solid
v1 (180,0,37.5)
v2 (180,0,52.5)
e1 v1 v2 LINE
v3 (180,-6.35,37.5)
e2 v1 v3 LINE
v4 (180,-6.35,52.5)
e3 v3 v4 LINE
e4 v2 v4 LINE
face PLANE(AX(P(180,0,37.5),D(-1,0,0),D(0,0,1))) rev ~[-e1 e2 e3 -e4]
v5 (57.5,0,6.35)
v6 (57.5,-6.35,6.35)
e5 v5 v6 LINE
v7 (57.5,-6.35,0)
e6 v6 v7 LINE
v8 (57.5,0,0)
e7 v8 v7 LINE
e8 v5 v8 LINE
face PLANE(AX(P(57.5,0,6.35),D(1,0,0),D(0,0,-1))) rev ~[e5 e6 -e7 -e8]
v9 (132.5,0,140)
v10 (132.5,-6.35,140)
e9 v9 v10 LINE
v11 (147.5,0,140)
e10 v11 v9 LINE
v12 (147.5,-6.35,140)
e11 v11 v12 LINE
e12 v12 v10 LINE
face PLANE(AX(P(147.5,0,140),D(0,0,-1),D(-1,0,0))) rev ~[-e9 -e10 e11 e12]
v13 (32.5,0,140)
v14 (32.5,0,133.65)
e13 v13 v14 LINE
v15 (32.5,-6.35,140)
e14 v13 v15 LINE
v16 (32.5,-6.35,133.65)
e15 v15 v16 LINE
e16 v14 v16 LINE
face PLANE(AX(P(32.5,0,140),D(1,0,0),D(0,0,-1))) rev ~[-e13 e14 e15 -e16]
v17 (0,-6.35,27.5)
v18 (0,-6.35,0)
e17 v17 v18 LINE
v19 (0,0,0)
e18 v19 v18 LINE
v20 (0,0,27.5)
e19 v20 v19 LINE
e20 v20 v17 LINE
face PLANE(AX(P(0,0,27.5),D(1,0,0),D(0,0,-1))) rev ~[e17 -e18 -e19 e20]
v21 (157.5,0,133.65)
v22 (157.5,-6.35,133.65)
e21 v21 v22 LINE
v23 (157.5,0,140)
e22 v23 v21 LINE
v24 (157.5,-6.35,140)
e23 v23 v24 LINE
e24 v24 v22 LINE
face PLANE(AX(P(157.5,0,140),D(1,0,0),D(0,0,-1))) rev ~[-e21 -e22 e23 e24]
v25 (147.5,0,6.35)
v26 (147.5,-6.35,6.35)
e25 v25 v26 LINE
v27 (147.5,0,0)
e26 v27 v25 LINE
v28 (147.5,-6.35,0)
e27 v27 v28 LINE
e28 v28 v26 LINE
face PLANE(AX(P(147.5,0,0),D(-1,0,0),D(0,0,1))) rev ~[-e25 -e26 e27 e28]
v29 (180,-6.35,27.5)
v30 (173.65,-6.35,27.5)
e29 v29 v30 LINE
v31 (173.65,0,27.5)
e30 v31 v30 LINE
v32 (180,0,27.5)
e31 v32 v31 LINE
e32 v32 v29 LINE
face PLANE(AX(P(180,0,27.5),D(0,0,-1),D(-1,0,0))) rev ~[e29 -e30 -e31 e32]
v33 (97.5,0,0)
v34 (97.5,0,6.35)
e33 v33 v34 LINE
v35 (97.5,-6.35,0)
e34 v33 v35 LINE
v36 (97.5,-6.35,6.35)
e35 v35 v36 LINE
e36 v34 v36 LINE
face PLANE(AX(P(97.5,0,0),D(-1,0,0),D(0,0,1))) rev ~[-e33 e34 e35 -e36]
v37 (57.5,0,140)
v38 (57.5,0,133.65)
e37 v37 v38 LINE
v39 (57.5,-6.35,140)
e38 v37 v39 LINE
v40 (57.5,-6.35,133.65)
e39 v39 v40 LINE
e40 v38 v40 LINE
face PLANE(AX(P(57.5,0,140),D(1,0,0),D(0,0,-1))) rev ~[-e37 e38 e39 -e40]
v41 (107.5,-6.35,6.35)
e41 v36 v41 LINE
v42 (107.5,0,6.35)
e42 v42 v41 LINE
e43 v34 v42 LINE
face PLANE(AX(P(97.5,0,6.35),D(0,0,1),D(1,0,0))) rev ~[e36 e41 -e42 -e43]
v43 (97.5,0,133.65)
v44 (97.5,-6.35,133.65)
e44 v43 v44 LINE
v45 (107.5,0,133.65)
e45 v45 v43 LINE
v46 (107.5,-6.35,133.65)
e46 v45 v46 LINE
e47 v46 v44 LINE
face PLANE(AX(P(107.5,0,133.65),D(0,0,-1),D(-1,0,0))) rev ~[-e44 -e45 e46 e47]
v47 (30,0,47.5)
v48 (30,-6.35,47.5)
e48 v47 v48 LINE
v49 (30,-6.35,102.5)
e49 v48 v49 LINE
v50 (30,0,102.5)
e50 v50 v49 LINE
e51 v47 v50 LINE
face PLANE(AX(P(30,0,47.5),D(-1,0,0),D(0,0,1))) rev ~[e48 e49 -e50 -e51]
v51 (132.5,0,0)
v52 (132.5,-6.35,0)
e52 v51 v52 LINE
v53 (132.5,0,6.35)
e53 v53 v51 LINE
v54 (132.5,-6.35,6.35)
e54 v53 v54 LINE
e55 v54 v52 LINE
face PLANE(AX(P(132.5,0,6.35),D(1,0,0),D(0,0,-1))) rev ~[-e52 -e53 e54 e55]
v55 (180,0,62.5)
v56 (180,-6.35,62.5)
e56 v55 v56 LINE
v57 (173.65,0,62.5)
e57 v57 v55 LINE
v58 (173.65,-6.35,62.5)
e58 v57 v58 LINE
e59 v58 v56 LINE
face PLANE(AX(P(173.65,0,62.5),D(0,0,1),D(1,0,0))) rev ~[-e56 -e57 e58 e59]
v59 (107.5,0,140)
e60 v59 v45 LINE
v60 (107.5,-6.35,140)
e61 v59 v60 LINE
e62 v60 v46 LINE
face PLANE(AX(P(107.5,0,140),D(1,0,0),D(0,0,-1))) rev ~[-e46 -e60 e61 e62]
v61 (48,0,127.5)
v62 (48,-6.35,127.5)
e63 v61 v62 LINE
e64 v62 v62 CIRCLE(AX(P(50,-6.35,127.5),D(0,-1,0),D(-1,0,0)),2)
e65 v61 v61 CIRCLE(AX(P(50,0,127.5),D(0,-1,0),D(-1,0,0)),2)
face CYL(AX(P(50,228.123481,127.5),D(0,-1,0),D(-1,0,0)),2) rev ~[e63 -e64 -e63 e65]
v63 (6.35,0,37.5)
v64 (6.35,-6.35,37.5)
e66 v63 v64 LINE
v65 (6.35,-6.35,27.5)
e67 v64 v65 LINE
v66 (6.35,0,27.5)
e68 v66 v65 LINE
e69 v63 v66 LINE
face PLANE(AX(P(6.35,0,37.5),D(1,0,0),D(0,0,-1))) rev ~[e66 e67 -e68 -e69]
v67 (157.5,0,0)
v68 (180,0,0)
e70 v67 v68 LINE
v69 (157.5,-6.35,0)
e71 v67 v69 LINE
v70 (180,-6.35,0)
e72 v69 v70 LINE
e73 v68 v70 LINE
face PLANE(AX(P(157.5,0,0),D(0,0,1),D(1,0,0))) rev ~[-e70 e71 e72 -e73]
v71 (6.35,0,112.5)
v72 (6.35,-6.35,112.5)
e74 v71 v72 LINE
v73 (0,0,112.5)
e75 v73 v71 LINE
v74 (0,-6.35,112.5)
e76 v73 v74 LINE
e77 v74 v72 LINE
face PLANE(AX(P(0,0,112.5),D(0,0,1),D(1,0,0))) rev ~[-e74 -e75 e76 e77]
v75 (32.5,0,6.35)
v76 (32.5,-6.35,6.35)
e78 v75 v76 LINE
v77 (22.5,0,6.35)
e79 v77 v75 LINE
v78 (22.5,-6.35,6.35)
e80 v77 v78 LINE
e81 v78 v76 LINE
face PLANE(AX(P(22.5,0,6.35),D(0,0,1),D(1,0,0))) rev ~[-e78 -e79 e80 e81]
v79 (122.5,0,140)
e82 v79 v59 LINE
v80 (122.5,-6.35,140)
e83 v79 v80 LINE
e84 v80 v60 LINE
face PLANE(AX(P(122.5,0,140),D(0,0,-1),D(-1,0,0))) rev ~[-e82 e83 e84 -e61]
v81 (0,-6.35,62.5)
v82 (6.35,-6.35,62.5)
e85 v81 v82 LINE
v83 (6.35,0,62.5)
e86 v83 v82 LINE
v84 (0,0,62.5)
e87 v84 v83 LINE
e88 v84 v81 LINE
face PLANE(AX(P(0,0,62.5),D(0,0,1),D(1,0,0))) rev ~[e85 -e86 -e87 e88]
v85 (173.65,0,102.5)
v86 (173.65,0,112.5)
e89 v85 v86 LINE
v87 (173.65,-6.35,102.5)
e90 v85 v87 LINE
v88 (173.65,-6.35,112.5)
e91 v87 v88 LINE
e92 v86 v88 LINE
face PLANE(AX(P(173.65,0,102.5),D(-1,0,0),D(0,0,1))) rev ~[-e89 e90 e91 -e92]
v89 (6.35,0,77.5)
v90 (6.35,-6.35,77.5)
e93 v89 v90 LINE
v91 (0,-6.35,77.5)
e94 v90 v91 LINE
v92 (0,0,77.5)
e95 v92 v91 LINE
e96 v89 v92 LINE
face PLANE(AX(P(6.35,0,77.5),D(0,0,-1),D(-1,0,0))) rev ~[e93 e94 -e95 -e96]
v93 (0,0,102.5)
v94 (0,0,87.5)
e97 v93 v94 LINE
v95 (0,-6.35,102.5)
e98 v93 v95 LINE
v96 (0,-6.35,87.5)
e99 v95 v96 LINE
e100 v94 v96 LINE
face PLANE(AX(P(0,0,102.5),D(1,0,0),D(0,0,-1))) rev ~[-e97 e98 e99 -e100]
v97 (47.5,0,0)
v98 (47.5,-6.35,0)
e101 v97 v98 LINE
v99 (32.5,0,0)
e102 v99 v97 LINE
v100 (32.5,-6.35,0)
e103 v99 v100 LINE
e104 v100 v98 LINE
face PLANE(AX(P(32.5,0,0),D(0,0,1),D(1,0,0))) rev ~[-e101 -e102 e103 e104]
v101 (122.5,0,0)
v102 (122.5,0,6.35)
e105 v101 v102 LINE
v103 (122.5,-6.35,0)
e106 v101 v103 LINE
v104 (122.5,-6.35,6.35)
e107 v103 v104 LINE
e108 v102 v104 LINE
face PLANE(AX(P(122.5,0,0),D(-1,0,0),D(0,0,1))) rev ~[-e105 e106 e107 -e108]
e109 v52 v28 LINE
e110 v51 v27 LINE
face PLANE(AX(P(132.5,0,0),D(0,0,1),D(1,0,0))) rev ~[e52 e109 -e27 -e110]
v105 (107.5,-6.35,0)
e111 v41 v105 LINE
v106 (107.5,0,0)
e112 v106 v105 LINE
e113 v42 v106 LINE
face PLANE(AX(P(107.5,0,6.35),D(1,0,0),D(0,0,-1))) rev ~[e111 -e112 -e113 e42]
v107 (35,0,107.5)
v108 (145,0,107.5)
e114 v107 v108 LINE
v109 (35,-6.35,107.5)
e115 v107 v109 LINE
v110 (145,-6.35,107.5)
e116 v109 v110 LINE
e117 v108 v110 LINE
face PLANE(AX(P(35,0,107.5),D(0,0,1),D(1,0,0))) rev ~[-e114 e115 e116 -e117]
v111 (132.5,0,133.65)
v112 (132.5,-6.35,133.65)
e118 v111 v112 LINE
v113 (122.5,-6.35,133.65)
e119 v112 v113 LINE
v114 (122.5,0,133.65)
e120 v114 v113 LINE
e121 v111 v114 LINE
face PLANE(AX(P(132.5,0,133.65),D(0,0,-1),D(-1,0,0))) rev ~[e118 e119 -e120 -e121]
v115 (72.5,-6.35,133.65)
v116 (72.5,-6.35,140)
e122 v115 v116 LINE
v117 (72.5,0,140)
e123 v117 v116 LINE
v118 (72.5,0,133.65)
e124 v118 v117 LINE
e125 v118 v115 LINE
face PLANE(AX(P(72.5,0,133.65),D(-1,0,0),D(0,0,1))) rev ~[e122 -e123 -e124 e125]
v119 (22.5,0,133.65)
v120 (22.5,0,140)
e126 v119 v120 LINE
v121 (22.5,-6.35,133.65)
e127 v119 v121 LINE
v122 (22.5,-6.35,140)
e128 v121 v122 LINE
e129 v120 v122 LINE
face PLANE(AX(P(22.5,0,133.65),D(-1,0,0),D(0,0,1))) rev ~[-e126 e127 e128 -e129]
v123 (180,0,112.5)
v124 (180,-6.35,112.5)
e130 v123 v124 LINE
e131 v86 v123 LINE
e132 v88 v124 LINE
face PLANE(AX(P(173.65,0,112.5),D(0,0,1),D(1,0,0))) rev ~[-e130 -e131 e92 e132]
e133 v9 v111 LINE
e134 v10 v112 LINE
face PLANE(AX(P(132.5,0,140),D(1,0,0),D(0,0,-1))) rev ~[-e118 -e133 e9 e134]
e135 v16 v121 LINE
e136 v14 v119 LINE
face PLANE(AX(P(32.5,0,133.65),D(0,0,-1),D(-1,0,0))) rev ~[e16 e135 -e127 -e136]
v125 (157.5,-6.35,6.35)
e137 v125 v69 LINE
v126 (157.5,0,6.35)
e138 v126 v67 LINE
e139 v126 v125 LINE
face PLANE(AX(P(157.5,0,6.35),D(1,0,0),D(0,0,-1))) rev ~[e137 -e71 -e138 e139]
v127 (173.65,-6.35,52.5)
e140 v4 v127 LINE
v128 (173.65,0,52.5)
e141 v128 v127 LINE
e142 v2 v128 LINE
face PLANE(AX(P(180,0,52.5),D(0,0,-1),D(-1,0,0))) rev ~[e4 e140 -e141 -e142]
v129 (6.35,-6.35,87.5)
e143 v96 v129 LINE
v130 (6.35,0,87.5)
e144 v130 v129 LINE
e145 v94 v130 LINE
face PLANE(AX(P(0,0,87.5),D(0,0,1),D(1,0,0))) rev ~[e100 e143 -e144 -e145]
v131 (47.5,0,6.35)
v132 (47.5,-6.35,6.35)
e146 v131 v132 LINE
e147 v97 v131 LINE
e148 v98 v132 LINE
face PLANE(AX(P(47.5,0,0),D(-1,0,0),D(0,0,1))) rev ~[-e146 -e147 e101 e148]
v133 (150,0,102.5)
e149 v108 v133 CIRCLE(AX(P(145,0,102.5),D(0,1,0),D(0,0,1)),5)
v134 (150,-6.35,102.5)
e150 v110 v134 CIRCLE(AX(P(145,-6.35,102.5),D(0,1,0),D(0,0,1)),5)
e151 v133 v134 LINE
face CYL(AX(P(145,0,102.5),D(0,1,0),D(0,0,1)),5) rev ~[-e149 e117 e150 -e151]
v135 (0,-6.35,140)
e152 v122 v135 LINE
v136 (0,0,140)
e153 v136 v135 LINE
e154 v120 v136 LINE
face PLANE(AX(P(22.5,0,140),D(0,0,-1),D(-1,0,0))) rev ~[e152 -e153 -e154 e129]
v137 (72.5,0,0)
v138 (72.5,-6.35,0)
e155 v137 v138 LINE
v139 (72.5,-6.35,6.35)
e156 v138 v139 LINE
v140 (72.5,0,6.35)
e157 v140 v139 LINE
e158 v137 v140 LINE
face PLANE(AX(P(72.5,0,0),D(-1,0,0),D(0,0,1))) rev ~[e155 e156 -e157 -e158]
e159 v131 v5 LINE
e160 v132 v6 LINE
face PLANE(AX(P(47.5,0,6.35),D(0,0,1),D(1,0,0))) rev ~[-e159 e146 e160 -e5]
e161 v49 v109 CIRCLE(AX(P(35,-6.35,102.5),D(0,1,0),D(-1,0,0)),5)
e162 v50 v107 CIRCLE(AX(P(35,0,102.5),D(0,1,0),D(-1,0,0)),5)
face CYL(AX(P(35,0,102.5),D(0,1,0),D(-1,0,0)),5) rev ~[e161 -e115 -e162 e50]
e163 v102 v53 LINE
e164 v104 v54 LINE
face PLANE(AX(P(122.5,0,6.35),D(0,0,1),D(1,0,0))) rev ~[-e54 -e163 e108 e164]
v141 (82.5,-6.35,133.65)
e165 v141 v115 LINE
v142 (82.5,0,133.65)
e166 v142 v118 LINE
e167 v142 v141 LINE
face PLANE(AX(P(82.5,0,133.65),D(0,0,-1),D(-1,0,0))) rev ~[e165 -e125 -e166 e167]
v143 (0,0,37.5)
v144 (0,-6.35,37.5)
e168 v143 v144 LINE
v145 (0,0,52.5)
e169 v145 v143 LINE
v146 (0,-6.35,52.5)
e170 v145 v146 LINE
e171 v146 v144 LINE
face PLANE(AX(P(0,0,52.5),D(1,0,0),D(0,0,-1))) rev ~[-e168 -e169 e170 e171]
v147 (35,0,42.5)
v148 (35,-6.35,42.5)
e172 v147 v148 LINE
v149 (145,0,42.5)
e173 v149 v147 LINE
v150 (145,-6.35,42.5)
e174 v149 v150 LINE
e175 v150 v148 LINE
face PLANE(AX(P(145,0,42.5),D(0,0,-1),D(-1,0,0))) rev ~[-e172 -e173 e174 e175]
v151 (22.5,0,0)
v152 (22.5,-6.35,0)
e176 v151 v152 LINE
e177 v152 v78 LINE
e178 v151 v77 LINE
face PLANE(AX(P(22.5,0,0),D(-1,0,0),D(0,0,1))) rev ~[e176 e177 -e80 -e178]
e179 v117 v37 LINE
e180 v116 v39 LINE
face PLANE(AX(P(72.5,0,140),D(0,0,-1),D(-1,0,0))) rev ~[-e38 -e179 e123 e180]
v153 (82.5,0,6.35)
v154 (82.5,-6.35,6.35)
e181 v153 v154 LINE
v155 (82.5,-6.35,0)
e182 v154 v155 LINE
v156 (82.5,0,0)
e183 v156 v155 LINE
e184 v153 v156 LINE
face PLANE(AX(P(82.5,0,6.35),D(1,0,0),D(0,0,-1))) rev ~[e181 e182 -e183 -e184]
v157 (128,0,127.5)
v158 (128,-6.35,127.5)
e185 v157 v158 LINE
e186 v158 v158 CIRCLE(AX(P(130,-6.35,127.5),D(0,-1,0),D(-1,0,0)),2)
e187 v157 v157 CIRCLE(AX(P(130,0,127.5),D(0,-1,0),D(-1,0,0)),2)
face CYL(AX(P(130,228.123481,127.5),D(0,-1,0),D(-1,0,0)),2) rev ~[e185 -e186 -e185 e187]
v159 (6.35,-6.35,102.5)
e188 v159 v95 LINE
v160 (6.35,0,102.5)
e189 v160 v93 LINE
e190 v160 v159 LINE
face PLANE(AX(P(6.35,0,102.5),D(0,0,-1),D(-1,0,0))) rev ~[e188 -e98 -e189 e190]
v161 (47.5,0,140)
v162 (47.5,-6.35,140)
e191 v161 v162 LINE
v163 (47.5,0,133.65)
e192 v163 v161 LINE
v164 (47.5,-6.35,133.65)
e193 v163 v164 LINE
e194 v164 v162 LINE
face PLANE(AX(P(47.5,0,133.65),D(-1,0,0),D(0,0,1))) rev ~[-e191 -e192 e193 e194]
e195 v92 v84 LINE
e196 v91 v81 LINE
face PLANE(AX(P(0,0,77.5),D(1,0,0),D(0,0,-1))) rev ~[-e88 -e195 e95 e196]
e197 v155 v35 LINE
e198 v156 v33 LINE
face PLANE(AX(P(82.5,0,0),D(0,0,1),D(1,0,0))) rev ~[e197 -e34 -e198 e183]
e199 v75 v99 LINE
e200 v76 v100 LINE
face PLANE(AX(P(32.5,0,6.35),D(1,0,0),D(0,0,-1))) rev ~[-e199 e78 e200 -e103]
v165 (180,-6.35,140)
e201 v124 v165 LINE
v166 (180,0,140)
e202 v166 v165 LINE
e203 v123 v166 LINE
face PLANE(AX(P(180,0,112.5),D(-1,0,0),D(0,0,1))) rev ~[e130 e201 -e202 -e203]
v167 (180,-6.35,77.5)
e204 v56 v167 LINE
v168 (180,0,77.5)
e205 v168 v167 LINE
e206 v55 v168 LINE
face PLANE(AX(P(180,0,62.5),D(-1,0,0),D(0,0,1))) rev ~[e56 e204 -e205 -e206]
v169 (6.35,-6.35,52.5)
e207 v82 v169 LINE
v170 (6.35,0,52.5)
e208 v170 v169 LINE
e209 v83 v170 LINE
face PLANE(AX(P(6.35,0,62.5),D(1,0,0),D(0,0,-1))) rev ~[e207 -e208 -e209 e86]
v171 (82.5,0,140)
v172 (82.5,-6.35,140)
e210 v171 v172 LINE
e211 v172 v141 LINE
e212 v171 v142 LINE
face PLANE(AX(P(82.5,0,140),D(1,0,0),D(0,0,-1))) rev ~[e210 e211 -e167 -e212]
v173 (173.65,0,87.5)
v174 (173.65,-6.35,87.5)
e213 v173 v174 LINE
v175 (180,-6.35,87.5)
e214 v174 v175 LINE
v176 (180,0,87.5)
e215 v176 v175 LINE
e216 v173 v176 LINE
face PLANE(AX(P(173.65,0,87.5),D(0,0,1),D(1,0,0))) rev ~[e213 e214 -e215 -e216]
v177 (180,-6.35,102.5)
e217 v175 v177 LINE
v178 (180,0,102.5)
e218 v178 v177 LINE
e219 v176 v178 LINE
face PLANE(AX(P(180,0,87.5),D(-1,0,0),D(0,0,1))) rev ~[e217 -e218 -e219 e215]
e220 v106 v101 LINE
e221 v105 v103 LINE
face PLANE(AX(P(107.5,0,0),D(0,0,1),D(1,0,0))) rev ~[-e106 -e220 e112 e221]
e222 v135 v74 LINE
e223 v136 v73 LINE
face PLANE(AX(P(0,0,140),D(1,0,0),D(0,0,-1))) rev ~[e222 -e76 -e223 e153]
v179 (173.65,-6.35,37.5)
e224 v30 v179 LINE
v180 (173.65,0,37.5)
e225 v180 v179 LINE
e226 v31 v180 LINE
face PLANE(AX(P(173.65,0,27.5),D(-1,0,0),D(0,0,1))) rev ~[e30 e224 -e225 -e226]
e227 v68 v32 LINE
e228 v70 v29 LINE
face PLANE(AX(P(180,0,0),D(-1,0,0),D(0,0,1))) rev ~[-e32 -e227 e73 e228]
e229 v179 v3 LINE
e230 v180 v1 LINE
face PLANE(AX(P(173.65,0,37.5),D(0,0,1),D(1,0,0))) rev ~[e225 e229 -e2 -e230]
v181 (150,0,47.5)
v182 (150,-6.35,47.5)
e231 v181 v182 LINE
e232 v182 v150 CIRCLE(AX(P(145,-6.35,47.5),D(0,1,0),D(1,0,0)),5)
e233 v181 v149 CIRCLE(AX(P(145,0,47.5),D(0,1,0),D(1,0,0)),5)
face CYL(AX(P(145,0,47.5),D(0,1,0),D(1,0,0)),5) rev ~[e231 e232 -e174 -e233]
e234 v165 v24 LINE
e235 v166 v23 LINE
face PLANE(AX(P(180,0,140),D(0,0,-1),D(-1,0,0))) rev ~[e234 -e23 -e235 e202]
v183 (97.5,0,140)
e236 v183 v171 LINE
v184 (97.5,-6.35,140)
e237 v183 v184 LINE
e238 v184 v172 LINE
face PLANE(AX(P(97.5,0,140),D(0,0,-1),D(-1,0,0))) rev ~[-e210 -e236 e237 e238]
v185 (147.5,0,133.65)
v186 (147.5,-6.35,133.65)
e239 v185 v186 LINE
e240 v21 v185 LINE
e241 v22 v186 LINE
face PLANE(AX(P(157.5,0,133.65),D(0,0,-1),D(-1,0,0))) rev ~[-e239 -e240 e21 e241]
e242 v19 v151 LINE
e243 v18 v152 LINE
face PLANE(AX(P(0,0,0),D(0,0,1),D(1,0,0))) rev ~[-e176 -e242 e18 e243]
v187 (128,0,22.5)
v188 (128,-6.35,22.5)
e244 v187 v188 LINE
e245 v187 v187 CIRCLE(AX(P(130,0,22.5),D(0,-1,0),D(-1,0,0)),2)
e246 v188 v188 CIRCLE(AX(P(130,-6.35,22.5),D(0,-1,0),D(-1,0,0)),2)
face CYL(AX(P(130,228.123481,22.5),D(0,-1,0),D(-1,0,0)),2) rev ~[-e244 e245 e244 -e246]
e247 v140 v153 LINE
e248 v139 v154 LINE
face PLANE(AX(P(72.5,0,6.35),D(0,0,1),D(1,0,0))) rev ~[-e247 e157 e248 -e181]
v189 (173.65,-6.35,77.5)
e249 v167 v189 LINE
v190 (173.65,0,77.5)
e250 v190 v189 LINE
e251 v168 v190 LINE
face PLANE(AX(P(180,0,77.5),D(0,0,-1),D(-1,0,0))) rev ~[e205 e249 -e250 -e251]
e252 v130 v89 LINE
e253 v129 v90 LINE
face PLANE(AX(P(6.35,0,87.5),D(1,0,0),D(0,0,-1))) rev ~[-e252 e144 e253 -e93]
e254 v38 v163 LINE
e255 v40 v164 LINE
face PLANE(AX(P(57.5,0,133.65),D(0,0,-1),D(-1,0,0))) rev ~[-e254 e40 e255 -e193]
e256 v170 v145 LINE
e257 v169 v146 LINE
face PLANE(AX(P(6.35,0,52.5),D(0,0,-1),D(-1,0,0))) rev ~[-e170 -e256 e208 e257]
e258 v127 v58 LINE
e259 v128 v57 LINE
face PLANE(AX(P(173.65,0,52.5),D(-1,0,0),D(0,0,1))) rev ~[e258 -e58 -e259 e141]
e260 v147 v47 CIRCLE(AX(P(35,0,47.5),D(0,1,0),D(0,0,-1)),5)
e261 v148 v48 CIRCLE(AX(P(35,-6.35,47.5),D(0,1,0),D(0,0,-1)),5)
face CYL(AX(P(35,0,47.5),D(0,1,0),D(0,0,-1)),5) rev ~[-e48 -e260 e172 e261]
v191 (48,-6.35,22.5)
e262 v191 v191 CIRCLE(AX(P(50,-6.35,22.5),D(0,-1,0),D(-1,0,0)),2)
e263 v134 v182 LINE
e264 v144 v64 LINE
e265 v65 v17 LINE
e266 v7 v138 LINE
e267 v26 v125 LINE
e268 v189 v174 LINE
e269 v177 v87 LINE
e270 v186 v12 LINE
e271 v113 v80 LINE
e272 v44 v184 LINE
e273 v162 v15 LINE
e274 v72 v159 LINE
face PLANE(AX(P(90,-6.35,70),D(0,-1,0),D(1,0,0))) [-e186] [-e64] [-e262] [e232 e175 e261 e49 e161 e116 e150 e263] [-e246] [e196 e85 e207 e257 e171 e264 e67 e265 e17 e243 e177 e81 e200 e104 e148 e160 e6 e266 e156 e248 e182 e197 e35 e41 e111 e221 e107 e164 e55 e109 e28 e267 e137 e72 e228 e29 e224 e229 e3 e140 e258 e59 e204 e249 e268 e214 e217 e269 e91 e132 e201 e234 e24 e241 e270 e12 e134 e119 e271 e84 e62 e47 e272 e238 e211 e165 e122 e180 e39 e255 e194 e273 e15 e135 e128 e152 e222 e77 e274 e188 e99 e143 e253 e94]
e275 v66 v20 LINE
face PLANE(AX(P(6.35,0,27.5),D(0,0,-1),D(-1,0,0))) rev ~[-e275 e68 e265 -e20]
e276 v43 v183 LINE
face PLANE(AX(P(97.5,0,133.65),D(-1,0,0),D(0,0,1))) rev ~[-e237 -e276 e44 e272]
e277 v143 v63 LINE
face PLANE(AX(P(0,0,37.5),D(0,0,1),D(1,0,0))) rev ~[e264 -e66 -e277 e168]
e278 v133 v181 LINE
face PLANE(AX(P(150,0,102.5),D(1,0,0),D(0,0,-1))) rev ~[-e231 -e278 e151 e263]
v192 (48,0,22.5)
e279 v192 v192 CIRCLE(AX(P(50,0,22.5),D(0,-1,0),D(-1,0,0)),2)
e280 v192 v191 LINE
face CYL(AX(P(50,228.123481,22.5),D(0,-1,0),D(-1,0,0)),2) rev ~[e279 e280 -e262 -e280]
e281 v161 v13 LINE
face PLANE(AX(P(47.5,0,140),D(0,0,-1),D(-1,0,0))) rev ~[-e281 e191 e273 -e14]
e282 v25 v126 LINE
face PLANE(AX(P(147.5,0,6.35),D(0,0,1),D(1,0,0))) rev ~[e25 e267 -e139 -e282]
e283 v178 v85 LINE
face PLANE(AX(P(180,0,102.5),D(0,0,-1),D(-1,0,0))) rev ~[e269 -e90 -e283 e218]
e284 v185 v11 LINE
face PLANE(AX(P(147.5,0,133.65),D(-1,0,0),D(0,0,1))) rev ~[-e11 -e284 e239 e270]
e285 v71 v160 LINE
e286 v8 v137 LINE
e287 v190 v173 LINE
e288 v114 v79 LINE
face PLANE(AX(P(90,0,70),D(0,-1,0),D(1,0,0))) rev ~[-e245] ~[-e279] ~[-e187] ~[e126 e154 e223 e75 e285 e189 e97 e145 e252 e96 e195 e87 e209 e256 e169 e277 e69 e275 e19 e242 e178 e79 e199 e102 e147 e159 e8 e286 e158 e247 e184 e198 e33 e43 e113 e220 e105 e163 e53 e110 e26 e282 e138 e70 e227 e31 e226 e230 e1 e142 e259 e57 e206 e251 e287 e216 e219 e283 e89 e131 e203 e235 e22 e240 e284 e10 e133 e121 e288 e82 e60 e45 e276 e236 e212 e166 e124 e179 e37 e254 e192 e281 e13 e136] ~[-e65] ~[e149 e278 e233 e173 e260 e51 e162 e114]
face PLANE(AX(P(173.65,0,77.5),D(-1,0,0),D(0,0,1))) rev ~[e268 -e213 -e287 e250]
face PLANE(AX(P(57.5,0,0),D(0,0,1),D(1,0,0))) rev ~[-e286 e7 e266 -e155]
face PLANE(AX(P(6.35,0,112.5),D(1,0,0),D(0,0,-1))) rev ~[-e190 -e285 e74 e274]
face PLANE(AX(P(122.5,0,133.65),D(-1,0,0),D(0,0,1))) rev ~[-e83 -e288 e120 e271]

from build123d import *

# Parameters (mm, degrees)
F0_R     = 1.5
F1_DEPTH = 6.35
F2_D     = 4


with BuildPart() as f1:
    # F0 (on Front) → F1 (new body)
    with BuildSketch(Plane.XZ):
        Polygon((180, 112.5), (180, 140), (157.5, 140), (157.5, 133.65), (147.5, 133.65), (147.5, 140), (132.5, 140), (132.5, 133.65), (122.5, 133.65), (122.5, 140), (107.5, 140), (107.5, 133.65), (97.5, 133.65), (97.5, 140), (82.5, 140), (82.5, 133.65), (72.5, 133.65), (72.5, 140), (57.5, 140), (57.5, 133.65), (47.5, 133.65), (47.5, 140), (32.5, 140), (32.5, 133.65), (22.5, 133.65), (22.5, 140), (0, 140), (0, 112.5), (6.35, 112.5), (6.35, 102.5), (0, 102.5), (0, 87.5), (6.35, 87.5), (6.35, 77.5), (0, 77.5), (0, 62.5), (6.35, 62.5), (6.35, 52.5), (0, 52.5), (0, 37.5), (6.35, 37.5), (6.35, 27.5), (0, 27.5), (0, 0), (22.5, 0), (22.5, 6.35), (32.5, 6.35), (32.5, 0), (47.5, 0), (47.5, 6.35), (57.5, 6.35), (57.5, 0), (72.5, 0), (72.5, 6.35), (82.5, 6.35), (82.5, 0), (97.5, 0), (97.5, 6.35), (107.5, 6.35), (107.5, 0), (122.5, 0), (122.5, 6.35), (132.5, 6.35), (132.5, 0), (147.5, 0), (147.5, 6.35), (157.5, 6.35), (157.5, 0), (180, 0), (180, 27.5), (173.65, 27.5), (173.65, 37.5), (180, 37.5), (180, 52.5), (173.65, 52.5), (173.65, 62.5), (180, 62.5), (180, 77.5), (173.65, 77.5), (173.65, 87.5), (180, 87.5), (180, 102.5), (173.65, 102.5), (173.65, 112.5), align=None)
        with Locations((50, 22.5)):
            Circle(F0_R, mode=Mode.SUBTRACT)
        with Locations((130, 22.5)):
            Circle(F0_R, mode=Mode.SUBTRACT)
        with Locations((50, 127.5)):
            Circle(F0_R, mode=Mode.SUBTRACT)
        with BuildLine():
            ThreePointArc((30, 102.5), (31.4644660941, 106.0355339059), (35, 107.5))
            Line((35, 107.5), (145, 107.5))
            ThreePointArc((145, 107.5), (148.5355339059, 106.0355339059), (150, 102.5))
            Line((150, 102.5), (150, 47.5))
            ThreePointArc((150, 47.5), (148.5355339059, 43.9644660941), (145, 42.5))
            Line((145, 42.5), (35, 42.5))
            ThreePointArc((35, 42.5), (31.4644660941, 43.9644660941), (30, 47.5))
            Line((30, 47.5), (30, 102.5))
        make_face(mode=Mode.SUBTRACT)
        with Locations((130, 127.5)):
            Circle(F0_R, mode=Mode.SUBTRACT)
    extrude(amount=F1_DEPTH)

    # F2 (through all)
    with Locations(Plane(origin=(0, 0, 0), x_dir=(1, 0, 0), z_dir=(0, 1, 0))):
        with Locations((50, -127.5), (130, -127.5), (130, -22.5), (50, -22.5)):
            Hole(F2_D / 2)


solid = f1.part
